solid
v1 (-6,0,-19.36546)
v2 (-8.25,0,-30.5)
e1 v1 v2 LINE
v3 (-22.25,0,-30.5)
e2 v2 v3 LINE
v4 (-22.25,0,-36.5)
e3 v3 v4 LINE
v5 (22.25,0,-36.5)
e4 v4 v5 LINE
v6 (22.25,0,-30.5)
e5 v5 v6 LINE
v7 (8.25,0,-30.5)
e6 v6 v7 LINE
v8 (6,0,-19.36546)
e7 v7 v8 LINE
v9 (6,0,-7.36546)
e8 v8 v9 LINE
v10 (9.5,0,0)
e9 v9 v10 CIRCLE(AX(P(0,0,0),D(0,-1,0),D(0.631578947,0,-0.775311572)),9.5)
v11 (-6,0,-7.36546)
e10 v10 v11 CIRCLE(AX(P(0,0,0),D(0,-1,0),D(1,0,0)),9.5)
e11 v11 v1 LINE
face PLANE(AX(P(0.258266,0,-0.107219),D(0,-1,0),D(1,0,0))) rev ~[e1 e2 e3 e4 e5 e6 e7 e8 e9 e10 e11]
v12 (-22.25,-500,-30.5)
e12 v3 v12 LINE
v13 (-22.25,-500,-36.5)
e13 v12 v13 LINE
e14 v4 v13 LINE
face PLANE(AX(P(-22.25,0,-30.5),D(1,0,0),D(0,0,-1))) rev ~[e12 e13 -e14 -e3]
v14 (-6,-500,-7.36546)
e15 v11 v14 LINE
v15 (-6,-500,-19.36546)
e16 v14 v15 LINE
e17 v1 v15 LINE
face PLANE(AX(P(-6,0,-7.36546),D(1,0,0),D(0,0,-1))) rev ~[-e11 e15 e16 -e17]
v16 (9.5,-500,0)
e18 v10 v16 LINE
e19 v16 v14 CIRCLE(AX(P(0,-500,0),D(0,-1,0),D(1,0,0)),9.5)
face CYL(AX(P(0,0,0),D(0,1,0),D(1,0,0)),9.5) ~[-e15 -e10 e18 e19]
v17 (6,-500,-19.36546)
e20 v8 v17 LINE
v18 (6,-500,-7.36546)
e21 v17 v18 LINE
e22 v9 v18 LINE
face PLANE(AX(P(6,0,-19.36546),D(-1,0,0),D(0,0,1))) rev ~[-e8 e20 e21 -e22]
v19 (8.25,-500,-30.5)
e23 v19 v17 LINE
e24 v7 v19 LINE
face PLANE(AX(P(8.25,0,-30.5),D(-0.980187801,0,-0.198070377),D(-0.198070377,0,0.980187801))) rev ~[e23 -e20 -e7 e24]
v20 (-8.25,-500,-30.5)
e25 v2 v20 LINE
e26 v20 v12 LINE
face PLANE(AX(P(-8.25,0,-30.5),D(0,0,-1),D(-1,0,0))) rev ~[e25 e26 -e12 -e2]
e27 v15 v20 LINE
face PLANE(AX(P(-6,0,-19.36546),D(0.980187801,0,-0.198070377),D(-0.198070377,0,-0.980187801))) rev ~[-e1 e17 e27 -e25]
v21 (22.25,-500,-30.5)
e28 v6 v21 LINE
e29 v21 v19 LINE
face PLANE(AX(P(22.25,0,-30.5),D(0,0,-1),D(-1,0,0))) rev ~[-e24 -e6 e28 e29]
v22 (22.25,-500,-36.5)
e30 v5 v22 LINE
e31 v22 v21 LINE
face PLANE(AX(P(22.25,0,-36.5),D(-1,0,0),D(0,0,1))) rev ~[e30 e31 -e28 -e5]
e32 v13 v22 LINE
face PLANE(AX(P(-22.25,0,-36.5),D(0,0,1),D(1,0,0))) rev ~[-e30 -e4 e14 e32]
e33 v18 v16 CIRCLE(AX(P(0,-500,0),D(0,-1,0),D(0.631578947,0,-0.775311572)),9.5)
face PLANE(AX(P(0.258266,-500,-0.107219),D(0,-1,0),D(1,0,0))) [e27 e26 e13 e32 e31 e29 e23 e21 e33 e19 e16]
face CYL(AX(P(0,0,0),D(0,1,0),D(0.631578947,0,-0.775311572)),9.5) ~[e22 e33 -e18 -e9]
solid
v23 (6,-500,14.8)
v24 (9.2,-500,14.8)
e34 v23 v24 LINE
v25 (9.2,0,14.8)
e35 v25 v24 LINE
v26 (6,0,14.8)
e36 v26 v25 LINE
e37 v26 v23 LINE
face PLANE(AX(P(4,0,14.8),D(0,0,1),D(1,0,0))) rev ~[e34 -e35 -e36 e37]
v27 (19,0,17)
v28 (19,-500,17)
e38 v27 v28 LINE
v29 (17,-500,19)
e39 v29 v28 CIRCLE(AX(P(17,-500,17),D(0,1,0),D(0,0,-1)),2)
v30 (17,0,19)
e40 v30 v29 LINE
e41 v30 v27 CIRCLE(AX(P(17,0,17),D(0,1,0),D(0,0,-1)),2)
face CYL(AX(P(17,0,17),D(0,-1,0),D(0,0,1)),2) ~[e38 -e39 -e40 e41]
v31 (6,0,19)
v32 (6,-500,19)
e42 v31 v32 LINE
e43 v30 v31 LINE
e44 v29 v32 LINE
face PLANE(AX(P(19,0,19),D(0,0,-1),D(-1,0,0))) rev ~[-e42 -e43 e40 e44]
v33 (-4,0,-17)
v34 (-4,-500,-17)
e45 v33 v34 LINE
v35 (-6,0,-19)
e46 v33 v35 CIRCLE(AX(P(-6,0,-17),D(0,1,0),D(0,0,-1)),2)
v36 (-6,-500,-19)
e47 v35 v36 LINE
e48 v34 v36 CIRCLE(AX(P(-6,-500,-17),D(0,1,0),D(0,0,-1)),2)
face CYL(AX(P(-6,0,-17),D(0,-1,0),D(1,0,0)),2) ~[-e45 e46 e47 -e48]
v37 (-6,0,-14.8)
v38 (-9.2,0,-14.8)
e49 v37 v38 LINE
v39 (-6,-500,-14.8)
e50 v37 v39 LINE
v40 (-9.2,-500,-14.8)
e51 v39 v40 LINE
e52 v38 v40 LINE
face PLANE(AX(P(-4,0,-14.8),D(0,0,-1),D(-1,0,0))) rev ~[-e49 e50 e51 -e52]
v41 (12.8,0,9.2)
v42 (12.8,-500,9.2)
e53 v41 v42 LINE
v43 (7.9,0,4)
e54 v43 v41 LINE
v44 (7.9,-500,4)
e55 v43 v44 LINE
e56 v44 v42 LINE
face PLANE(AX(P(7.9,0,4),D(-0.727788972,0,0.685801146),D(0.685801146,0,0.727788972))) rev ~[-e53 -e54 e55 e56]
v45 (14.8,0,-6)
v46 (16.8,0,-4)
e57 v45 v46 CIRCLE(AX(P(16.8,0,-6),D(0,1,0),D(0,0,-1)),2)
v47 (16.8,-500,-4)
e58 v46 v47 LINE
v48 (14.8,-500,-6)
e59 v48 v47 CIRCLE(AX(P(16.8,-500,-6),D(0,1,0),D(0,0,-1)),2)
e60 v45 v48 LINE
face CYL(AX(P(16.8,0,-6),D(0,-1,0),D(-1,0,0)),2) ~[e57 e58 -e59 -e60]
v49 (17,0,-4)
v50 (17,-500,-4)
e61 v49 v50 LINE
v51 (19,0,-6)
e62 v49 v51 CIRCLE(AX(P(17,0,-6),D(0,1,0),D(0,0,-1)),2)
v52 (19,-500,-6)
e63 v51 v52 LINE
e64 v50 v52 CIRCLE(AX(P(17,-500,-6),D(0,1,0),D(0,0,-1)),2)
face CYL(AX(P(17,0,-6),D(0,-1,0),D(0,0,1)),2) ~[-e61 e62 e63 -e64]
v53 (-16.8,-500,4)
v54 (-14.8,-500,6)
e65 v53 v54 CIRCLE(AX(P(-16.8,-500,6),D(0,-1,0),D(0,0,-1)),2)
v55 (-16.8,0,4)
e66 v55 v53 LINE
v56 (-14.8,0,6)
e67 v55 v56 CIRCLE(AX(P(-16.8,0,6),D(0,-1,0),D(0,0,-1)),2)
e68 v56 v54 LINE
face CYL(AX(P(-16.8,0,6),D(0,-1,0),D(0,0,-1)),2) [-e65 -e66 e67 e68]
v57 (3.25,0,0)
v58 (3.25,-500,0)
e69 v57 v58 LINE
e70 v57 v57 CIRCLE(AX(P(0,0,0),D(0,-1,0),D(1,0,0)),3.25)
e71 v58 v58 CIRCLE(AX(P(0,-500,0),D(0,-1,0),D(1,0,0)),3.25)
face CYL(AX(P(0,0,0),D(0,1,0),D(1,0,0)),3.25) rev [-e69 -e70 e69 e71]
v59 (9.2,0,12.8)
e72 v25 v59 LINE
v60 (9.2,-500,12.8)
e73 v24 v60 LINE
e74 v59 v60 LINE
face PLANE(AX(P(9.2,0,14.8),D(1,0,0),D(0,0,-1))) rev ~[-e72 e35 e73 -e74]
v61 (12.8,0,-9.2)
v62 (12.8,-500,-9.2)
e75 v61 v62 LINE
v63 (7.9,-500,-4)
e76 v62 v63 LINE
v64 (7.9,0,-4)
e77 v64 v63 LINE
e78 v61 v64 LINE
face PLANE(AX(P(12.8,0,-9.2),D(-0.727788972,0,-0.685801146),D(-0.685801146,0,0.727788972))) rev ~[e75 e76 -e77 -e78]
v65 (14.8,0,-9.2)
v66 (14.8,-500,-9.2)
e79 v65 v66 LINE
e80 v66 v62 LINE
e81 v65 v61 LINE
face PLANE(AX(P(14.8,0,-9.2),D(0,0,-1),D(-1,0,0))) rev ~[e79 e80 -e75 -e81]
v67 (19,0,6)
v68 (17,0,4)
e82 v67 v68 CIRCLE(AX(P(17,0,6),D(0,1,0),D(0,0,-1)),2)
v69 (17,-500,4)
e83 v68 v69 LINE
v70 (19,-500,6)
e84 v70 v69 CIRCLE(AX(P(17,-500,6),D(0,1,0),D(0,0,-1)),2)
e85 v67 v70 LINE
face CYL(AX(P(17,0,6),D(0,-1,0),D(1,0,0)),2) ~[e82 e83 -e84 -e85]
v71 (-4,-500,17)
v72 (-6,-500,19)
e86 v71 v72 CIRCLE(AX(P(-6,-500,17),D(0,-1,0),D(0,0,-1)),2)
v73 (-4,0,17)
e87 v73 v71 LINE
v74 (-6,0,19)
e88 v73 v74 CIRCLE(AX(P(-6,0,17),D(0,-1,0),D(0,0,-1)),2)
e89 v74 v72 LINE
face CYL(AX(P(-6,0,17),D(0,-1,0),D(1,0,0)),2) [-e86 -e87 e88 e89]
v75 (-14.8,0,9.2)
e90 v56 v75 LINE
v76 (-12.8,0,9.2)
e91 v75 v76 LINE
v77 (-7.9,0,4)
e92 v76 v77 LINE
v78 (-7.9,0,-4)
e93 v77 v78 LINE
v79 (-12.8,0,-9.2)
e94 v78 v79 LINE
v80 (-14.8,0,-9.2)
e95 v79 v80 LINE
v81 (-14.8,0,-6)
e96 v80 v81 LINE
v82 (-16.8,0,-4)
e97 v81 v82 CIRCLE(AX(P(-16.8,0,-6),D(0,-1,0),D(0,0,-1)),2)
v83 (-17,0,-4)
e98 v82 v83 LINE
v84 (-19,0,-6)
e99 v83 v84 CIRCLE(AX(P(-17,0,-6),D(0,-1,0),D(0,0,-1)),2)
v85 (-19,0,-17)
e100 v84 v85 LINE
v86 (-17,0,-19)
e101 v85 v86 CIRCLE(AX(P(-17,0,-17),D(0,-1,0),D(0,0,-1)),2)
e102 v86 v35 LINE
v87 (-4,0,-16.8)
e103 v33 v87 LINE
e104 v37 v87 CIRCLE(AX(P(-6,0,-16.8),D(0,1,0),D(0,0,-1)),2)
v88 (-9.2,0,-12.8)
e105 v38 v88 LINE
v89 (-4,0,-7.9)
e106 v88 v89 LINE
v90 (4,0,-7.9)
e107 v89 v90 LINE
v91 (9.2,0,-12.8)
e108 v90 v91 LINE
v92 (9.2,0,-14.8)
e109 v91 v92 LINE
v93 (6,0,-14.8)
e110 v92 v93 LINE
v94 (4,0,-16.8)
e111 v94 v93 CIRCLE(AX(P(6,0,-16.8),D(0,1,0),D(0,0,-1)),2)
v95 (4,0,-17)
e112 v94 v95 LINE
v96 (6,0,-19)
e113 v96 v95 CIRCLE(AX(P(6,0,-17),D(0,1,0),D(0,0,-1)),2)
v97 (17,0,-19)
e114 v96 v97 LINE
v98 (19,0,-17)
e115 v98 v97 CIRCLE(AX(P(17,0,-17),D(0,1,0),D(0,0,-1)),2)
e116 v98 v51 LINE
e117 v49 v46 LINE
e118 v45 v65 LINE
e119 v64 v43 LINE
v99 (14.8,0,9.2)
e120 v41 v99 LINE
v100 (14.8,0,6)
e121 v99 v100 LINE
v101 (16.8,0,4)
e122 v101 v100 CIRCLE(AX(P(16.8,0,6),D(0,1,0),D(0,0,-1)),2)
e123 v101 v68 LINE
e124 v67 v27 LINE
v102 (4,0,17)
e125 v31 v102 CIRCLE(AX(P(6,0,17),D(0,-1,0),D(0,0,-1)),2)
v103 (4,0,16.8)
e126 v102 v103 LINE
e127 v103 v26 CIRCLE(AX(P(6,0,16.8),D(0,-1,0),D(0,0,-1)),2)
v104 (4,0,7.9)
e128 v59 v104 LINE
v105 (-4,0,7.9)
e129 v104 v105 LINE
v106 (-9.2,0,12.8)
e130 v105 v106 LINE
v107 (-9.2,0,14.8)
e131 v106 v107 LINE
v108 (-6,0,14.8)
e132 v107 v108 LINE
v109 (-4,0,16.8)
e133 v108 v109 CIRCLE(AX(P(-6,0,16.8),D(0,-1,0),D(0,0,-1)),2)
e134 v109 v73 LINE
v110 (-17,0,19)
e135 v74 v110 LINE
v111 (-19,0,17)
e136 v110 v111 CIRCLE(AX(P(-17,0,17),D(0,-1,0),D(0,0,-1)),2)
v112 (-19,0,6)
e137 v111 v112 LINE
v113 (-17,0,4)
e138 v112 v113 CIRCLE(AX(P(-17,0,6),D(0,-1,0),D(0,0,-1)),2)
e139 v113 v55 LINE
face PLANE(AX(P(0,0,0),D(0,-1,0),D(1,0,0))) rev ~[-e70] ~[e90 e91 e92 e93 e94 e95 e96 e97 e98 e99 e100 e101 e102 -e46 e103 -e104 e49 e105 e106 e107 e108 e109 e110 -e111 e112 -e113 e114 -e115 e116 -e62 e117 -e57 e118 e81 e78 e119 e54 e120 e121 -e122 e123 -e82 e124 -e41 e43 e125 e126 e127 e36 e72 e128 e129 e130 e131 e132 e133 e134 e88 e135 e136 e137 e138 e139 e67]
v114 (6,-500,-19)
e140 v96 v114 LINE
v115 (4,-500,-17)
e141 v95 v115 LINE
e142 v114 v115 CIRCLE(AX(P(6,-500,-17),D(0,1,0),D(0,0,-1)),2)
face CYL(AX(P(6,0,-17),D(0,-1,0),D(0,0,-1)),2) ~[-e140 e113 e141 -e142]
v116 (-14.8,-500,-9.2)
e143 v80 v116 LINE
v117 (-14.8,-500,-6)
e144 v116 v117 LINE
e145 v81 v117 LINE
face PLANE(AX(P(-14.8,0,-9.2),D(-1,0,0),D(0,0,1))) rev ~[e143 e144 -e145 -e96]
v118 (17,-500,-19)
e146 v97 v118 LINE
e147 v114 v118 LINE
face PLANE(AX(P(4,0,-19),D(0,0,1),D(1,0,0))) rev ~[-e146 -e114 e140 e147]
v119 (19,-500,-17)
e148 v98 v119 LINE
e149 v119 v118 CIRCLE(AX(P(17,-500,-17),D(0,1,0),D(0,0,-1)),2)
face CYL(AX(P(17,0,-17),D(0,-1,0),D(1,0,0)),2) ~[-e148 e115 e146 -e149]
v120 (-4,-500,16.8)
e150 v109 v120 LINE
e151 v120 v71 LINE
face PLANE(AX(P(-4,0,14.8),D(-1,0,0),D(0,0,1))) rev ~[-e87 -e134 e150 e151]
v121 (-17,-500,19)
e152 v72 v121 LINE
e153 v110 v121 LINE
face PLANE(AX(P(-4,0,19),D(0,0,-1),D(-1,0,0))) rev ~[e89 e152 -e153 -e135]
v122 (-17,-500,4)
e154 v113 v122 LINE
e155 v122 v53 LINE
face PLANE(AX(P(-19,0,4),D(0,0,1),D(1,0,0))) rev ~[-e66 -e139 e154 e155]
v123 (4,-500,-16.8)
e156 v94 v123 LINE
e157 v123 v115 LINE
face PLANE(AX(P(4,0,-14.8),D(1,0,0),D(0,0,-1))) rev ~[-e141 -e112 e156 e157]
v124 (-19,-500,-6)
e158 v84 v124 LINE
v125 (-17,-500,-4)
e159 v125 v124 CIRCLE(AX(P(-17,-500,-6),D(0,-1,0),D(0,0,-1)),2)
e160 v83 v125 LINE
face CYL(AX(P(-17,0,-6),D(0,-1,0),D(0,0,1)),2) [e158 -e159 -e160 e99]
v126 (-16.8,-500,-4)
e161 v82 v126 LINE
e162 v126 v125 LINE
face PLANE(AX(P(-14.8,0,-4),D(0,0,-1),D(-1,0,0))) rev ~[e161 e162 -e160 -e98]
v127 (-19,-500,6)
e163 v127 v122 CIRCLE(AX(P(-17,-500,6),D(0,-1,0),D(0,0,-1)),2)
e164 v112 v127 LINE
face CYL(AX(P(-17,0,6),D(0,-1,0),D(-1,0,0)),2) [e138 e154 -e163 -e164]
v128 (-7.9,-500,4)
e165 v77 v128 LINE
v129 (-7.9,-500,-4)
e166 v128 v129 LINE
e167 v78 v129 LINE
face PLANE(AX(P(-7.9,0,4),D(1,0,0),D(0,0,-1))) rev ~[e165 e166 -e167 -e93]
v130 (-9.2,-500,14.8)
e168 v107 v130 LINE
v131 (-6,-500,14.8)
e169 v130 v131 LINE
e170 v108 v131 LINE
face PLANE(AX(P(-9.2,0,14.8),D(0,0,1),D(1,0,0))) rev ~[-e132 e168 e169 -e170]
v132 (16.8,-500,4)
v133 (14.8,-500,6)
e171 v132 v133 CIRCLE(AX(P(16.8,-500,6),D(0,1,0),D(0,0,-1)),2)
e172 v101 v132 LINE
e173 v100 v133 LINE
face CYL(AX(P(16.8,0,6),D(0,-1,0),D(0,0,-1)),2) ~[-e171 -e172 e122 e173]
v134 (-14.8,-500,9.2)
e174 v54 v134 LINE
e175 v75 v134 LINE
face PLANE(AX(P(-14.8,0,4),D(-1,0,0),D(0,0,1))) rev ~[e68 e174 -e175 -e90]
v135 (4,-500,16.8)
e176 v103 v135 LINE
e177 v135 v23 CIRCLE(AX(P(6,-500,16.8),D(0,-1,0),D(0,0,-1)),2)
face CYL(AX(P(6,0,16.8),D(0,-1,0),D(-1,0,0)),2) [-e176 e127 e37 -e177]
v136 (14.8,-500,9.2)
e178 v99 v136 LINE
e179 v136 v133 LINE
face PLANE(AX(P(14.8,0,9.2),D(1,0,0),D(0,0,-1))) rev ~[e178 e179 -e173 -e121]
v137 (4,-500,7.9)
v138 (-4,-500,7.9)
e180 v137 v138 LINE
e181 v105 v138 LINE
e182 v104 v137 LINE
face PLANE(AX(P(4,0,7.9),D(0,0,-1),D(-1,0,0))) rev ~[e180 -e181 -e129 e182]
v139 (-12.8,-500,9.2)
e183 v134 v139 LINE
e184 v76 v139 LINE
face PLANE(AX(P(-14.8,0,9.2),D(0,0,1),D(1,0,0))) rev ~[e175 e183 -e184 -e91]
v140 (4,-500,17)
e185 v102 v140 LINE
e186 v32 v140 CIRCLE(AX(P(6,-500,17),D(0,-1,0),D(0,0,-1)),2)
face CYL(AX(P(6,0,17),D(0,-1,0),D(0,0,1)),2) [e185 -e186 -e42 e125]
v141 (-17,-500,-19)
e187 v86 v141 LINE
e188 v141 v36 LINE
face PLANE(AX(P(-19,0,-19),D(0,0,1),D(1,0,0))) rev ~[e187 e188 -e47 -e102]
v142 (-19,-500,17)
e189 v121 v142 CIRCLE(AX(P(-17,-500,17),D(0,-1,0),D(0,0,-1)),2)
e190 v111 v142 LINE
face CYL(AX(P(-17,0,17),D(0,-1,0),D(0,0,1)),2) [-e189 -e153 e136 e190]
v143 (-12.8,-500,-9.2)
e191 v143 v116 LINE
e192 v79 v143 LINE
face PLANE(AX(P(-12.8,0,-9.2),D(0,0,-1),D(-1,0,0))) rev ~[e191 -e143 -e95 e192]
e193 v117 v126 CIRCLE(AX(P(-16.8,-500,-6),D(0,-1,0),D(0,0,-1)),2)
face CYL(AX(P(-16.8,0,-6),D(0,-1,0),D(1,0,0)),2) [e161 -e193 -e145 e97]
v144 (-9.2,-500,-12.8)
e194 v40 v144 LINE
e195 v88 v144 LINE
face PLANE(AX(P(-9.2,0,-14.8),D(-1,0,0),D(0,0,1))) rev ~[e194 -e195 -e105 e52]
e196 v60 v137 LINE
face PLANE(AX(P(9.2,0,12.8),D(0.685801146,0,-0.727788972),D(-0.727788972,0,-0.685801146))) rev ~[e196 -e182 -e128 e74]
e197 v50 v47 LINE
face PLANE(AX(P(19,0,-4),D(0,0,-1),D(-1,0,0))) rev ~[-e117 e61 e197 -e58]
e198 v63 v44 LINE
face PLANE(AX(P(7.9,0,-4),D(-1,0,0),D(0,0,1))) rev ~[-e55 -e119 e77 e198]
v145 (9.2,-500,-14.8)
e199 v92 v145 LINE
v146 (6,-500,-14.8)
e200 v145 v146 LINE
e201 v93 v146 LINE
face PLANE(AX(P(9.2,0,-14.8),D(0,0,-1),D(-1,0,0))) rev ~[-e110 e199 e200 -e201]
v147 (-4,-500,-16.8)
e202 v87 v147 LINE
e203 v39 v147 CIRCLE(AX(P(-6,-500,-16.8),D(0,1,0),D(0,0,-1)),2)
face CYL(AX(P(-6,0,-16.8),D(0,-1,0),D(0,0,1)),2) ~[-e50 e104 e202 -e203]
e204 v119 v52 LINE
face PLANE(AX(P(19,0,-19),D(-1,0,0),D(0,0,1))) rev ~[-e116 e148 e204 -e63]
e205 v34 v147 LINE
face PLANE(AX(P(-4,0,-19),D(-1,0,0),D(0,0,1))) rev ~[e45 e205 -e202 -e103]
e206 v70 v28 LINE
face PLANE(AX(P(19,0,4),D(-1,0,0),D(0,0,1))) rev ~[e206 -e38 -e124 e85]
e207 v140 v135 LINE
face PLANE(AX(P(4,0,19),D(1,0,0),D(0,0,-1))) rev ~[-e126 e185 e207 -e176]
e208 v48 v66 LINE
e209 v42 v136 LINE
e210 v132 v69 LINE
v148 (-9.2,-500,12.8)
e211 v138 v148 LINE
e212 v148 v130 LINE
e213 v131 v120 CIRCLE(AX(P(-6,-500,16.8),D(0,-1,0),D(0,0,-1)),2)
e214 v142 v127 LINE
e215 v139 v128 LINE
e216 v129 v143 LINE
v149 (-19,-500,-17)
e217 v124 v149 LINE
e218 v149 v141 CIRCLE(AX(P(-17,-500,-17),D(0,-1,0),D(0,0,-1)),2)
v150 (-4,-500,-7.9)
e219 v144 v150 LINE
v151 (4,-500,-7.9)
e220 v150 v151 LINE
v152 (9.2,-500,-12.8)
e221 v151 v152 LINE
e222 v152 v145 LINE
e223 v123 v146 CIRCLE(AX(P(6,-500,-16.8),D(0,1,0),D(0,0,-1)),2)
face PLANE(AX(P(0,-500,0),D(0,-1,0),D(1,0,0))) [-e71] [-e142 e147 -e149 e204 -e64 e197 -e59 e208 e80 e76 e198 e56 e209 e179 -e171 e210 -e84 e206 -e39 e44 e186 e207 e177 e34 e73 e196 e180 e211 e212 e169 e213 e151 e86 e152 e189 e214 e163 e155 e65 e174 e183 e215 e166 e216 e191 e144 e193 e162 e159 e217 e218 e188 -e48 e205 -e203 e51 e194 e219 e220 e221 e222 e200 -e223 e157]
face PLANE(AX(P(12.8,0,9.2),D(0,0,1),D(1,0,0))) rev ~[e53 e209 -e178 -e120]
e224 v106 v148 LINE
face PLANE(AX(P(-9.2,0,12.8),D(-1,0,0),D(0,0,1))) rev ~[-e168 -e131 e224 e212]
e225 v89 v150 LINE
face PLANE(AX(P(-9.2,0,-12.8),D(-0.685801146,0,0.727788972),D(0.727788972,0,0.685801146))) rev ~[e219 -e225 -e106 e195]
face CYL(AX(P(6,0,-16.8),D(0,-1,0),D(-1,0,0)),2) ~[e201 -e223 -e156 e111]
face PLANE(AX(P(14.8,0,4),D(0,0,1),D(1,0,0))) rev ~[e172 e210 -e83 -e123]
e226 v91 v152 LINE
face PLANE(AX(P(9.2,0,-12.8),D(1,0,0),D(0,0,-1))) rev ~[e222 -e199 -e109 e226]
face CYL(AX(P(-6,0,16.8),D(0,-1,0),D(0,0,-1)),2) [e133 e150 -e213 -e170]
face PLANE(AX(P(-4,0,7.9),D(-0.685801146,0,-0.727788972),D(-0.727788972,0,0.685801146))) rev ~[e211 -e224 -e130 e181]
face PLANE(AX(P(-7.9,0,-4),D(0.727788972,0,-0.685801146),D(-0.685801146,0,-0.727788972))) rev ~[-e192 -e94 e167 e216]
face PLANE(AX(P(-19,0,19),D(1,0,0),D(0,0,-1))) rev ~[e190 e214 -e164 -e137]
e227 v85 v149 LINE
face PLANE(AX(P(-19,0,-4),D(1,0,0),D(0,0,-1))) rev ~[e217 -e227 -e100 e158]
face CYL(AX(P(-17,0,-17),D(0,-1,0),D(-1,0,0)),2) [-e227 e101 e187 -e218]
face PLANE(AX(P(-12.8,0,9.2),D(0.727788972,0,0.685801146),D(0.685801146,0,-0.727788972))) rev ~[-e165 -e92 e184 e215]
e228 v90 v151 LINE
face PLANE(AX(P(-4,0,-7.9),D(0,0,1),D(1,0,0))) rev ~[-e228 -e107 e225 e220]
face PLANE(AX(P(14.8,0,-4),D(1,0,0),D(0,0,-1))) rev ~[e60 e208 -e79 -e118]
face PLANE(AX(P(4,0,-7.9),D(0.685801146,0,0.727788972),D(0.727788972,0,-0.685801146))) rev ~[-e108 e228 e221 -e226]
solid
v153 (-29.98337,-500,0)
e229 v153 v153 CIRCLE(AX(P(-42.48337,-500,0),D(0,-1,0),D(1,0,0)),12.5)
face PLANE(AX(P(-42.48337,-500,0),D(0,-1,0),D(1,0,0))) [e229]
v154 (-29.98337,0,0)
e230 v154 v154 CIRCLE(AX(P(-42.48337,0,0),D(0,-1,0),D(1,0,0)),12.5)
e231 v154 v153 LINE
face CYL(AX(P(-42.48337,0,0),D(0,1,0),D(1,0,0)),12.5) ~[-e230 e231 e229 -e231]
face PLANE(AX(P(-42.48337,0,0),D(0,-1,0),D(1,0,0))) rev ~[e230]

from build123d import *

# Parameters (mm, degrees)
F1_DEPTH = 500
F2_R     = 12.5
F3_DEPTH = 500
F4_R     = 3.25
F5_DEPTH = 500
F6_R     = 2


with BuildPart() as f1:
    # F0 (on Front) → F1 (new body)
    with BuildSketch(Plane.XZ):
        with BuildLine():
            ThreePointArc((6, -7.3654599313), (8.5805011509, -4.0773766076), (9.5, 0))
            ThreePointArc((9.5, 0), (-4.0773766076, 8.5805011509), (-6, -7.3654599313))
            Line((-6, -7.3654599313), (6, -7.3654599313))
        make_face()
        with BuildLine():
            Line((6, -7.3654599313), (-6, -7.3654599313))
            ThreePointArc((-6, -7.3654599313), (0, -9.5), (6, -7.3654599313))
        make_face()
        with BuildLine():
            ThreePointArc((6, -7.3654599313), (0, -9.5), (-6, -7.3654599313))
            Line((-6, -7.3654599313), (-6, -19.3654599313))
            Line((-6, -19.3654599313), (6, -19.3654599313))
            Line((6, -19.3654599313), (6, -7.3654599313))
        make_face()
        Polygon((6, -19.3654599313), (-6, -19.3654599313), (-8.25, -30.5), (8.25, -30.5), align=None)
        Polygon((8.25, -30.5), (-8.25, -30.5), (-22.25, -30.5), (-22.25, -36.5), (22.25, -36.5), (22.25, -30.5), align=None)
    extrude(amount=F1_DEPTH)


with BuildPart() as f3:
    # F2 (on Front) → F3 (new body)
    with BuildSketch(Plane.XZ):
        with Locations((-42.4833704354, 0)):
            Circle(F2_R)
    extrude(amount=F3_DEPTH)


with BuildPart() as f5:
    # F4 (on Front) → F5 (new body)
    with BuildSketch(Plane.XZ):
        Polygon((19, 19), (4, 19), (4, 14.8), (9.2, 14.8), (9.2, 12.8), (4, 7.9), (-4, 7.9), (-9.2, 12.8), (-9.2, 14.8), (-4, 14.8), (-4, 19), (-19, 19), (-19, 4), (-14.8, 4), (-14.8, 9.2), (-12.8, 9.2), (-7.9, 4), (-7.9, -4), (-12.8, -9.2), (-14.8, -9.2), (-14.8, -4), (-19, -4), (-19, -19), (-4, -19), (-4, -14.8), (-9.2, -14.8), (-9.2, -12.8), (-4, -7.9), (4, -7.9), (9.2, -12.8), (9.2, -14.8), (4, -14.8), (4, -19), (19, -19), (19, -4), (14.8, -4), (14.8, -9.2), (12.8, -9.2), (7.9, -4), (7.9, 4), (12.8, 9.2), (14.8, 9.2), (14.8, 4), (19, 4), align=None)
        Circle(F4_R, mode=Mode.SUBTRACT)
    extrude(amount=F5_DEPTH)

    # F6
    f6_edges = [f5.edges().sort_by_distance(p)[0] for p in [
        (-19, -250, 19),
        (19, -250, 19),
        (19, -250, 4),
        (19, -250, -4),
        (19, -250, -19),
        (-4, -250, -19),
        (-4, -250, 19),
        (4, -250, 19),
        (-14.8, -250, 4),
        (-19, -250, -4),
        (-19, -250, -19),
        (4, -250, -19),
        (4, -250, -14.8),
        (14.8, -250, -4),
        (14.8, -250, 4),
        (4, -250, 14.8),
        (-19, -250, 4),
        (-14.8, -250, -4),
        (-4, -250, -14.8),
        (-4, -250, 14.8),
    ]]
    fillet(f6_edges, radius=F6_R)


solid = Compound([f1.part, f3.part, f5.part])
